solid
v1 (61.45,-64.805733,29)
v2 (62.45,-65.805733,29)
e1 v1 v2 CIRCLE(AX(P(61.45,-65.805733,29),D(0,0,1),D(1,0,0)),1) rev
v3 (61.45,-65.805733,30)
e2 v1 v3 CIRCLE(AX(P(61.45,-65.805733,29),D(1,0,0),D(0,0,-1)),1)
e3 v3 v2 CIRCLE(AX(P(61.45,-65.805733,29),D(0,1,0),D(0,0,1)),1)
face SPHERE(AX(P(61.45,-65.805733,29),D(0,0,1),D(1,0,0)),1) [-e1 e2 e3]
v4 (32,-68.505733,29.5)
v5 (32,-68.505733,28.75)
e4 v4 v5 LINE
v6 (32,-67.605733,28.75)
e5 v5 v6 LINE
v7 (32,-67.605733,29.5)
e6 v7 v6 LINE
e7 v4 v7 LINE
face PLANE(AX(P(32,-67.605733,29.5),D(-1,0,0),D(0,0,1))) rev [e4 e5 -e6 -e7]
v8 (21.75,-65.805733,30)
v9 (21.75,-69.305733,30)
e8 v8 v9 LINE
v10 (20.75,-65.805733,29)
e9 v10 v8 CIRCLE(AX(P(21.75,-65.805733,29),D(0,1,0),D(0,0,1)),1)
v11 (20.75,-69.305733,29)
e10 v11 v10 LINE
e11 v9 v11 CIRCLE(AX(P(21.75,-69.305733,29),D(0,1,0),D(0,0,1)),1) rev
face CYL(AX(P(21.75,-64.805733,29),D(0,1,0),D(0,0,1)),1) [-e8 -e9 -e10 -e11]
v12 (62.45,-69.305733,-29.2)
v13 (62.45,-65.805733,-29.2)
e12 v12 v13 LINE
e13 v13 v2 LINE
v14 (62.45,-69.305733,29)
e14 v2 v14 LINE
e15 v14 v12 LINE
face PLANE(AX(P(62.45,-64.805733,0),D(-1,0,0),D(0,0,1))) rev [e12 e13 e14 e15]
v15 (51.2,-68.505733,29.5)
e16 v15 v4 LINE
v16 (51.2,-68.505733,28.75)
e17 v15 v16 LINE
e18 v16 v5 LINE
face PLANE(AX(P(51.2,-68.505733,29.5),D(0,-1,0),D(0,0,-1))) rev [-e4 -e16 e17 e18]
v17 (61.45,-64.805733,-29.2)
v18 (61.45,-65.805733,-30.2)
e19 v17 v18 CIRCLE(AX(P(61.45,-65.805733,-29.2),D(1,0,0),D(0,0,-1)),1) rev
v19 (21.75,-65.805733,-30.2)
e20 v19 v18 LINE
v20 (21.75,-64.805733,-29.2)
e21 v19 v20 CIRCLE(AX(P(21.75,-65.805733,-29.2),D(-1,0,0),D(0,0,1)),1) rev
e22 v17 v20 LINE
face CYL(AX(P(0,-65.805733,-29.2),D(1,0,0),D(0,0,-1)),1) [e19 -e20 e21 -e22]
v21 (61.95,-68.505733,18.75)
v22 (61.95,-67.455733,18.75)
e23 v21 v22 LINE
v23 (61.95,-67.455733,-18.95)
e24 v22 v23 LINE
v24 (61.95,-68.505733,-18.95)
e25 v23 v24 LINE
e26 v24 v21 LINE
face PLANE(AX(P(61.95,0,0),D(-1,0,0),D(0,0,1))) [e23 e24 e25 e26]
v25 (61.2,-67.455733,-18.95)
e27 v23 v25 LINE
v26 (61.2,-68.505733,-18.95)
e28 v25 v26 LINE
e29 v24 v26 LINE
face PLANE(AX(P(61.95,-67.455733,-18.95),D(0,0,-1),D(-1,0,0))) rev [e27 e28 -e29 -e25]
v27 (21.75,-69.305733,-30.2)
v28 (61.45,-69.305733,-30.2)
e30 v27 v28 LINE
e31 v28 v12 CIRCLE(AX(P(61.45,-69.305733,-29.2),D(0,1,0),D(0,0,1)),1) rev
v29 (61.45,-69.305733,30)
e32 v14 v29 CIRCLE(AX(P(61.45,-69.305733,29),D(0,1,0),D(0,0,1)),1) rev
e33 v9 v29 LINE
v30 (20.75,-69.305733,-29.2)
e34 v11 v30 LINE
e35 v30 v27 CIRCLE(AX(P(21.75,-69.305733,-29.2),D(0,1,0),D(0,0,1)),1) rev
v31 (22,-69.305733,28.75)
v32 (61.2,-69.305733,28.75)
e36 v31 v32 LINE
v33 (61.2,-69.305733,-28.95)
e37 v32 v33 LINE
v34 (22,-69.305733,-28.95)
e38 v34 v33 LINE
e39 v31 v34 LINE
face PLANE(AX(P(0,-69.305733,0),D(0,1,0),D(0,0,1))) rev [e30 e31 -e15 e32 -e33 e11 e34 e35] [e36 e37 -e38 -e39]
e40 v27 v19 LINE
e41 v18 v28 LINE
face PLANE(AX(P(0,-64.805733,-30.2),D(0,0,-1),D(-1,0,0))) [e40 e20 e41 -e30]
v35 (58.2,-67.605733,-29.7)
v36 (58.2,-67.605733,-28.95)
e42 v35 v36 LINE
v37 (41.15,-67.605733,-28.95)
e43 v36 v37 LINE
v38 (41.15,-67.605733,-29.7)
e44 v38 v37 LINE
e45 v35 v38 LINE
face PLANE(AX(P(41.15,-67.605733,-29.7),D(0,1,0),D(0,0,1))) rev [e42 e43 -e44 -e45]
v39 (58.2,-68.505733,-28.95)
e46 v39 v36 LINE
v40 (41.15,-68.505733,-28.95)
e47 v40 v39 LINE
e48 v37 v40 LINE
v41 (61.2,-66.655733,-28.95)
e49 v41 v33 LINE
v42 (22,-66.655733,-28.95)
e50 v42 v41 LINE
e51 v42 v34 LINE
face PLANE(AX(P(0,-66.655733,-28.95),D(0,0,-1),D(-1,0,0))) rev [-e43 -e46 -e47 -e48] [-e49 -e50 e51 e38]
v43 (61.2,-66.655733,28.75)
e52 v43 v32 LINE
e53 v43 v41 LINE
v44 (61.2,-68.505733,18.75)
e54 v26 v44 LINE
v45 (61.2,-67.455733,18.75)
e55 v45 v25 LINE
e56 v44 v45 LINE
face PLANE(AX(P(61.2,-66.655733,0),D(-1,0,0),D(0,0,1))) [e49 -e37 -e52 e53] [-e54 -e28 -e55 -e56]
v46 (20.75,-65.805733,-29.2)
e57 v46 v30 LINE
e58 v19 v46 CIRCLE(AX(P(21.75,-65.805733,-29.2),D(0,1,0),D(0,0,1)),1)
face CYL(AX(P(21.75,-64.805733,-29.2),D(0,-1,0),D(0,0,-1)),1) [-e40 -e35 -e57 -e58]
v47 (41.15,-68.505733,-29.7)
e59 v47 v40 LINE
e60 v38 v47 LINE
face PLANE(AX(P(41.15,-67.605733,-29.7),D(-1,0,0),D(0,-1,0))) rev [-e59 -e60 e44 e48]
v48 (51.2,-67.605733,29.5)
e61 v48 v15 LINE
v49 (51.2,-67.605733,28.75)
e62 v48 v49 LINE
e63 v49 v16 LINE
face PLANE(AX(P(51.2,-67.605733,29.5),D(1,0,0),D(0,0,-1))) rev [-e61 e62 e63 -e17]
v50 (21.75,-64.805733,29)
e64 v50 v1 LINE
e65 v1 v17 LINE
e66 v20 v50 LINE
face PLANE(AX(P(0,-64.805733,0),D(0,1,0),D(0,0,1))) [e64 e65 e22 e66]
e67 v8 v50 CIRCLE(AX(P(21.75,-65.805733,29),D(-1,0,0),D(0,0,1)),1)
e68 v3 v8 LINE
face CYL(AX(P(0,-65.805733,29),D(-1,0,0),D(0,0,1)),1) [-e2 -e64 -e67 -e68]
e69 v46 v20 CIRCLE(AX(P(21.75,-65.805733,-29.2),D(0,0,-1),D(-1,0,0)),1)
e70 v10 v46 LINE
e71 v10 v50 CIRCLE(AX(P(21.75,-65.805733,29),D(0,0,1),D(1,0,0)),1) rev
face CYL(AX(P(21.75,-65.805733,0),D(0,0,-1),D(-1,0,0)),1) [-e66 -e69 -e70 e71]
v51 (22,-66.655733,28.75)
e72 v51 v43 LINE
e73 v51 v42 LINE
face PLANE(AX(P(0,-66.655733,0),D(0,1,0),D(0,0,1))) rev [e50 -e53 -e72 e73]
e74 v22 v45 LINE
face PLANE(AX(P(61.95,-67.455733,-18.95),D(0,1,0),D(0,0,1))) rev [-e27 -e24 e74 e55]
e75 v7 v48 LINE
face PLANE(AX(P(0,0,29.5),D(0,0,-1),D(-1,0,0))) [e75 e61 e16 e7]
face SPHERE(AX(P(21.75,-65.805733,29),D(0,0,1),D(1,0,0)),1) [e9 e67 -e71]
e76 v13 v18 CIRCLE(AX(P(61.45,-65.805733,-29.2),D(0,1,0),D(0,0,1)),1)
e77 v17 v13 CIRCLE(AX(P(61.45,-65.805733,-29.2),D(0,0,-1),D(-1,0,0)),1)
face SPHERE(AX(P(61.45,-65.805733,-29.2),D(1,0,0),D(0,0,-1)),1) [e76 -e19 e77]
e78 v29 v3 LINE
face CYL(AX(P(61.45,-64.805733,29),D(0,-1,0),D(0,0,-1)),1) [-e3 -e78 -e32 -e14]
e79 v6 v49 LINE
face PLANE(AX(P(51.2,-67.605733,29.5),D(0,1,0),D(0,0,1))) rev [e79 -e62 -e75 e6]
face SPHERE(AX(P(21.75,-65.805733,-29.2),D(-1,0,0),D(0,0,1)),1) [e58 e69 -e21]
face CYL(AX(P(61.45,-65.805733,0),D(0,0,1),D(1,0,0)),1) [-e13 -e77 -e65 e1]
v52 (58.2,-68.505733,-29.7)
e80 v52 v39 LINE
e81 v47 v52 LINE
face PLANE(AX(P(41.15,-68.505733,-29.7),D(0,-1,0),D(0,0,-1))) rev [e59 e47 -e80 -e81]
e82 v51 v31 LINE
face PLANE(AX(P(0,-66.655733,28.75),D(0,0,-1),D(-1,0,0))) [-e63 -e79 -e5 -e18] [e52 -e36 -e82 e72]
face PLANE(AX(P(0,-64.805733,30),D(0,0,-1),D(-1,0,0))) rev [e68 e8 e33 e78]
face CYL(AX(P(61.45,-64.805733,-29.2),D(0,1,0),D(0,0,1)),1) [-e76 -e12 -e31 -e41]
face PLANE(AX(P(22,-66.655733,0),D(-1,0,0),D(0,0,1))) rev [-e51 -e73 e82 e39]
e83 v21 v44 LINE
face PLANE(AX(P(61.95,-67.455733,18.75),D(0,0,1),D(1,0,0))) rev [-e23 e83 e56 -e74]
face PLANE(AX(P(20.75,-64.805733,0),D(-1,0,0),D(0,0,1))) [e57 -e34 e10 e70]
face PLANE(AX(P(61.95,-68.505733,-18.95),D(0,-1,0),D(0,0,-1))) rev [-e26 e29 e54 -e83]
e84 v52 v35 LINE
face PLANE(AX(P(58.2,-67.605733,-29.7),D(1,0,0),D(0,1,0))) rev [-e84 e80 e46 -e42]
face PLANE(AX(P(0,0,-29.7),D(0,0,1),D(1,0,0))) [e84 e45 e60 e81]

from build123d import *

# Parameters (mm, degrees)
MAIN_LID_W          = 41.7
MAIN_LID_H          = 60.2
BOSS_EXTRUDE1_DEPTH = 4.5
MAIN_LID_3_W        = 39.2
MAIN_LID_3_H        = 57.7
CUT_EXTRUDE1_DEPTH  = 2.65
SKETCH2_W           = 17.05
SKETCH2_H           = 0.9
CUT_EXTRUDE2_DEPTH  = 0.75
SKETCH3_W           = 37.7
SKETCH3_H           = 1.05
CUT_EXTRUDE3_DEPTH  = 0.75
SKETCH4_W           = 19.2
SKETCH4_H           = 0.9
CUT_EXTRUDE4_DEPTH  = 0.75
FILLET1_R           = 1


with BuildPart() as part:
    # Main_Lid → Boss-Extrude1 (new body)
    with BuildSketch(Plane(origin=(0, -69.305732589, 0), x_dir=(1, 0, 0), z_dir=(0, 1, 0))):
        with Locations((41.6, 0.1)):
            Rectangle(MAIN_LID_W, MAIN_LID_H)
    extrude(amount=BOSS_EXTRUDE1_DEPTH)

    # Main_Lid<3> → Cut-Extrude1 (cut)
    with BuildSketch(Plane(origin=(0, -69.305732589, 0), x_dir=(1, 0, 0), z_dir=(0, 1, 0))):
        with Locations((41.6, 0.1)):
            Rectangle(MAIN_LID_3_W, MAIN_LID_3_H)
    extrude(amount=CUT_EXTRUDE1_DEPTH, mode=Mode.SUBTRACT)

    # Sketch2 → Cut-Extrude2 (cut)
    with BuildSketch(Plane.XY.offset(-28.95)):
        with Locations((49.675, -68.055732589)):
            Rectangle(SKETCH2_W, SKETCH2_H)
    extrude(amount=-CUT_EXTRUDE2_DEPTH, mode=Mode.SUBTRACT)

    # Sketch3 → Cut-Extrude3 (cut)
    with BuildSketch(Plane.ZY.offset(-61.2)):
        with Locations((-0.1, -67.980732589)):
            Rectangle(SKETCH3_W, SKETCH3_H)
    extrude(amount=-CUT_EXTRUDE3_DEPTH, mode=Mode.SUBTRACT)

    # Sketch4 → Cut-Extrude4 (cut)
    with BuildSketch(Plane(origin=(0, 0, 28.75), x_dir=(-1, 0, 0), z_dir=(0, 0, -1))):
        with Locations((-41.6, -68.055732589)):
            Rectangle(SKETCH4_W, SKETCH4_H)
    extrude(amount=-CUT_EXTRUDE4_DEPTH, mode=Mode.SUBTRACT)

    # Fillet1
    fillet1_edges = [part.edges().sort_by_distance(p)[0] for p in [
        (41.6, -64.805732589, -30.2),
        (41.6, -64.805732589, 30),
        (20.75, -64.805732589, -0.1),
        (20.75, -67.055732589, 30),
        (62.45, -67.055732589, 30),
        (20.75, -67.055732589, -30.2),
        (62.45, -67.055732589, -30.2),
        (62.45, -64.805732589, -0.1),
    ]]
    fillet(fillet1_edges, radius=FILLET1_R)


solid = part.part
